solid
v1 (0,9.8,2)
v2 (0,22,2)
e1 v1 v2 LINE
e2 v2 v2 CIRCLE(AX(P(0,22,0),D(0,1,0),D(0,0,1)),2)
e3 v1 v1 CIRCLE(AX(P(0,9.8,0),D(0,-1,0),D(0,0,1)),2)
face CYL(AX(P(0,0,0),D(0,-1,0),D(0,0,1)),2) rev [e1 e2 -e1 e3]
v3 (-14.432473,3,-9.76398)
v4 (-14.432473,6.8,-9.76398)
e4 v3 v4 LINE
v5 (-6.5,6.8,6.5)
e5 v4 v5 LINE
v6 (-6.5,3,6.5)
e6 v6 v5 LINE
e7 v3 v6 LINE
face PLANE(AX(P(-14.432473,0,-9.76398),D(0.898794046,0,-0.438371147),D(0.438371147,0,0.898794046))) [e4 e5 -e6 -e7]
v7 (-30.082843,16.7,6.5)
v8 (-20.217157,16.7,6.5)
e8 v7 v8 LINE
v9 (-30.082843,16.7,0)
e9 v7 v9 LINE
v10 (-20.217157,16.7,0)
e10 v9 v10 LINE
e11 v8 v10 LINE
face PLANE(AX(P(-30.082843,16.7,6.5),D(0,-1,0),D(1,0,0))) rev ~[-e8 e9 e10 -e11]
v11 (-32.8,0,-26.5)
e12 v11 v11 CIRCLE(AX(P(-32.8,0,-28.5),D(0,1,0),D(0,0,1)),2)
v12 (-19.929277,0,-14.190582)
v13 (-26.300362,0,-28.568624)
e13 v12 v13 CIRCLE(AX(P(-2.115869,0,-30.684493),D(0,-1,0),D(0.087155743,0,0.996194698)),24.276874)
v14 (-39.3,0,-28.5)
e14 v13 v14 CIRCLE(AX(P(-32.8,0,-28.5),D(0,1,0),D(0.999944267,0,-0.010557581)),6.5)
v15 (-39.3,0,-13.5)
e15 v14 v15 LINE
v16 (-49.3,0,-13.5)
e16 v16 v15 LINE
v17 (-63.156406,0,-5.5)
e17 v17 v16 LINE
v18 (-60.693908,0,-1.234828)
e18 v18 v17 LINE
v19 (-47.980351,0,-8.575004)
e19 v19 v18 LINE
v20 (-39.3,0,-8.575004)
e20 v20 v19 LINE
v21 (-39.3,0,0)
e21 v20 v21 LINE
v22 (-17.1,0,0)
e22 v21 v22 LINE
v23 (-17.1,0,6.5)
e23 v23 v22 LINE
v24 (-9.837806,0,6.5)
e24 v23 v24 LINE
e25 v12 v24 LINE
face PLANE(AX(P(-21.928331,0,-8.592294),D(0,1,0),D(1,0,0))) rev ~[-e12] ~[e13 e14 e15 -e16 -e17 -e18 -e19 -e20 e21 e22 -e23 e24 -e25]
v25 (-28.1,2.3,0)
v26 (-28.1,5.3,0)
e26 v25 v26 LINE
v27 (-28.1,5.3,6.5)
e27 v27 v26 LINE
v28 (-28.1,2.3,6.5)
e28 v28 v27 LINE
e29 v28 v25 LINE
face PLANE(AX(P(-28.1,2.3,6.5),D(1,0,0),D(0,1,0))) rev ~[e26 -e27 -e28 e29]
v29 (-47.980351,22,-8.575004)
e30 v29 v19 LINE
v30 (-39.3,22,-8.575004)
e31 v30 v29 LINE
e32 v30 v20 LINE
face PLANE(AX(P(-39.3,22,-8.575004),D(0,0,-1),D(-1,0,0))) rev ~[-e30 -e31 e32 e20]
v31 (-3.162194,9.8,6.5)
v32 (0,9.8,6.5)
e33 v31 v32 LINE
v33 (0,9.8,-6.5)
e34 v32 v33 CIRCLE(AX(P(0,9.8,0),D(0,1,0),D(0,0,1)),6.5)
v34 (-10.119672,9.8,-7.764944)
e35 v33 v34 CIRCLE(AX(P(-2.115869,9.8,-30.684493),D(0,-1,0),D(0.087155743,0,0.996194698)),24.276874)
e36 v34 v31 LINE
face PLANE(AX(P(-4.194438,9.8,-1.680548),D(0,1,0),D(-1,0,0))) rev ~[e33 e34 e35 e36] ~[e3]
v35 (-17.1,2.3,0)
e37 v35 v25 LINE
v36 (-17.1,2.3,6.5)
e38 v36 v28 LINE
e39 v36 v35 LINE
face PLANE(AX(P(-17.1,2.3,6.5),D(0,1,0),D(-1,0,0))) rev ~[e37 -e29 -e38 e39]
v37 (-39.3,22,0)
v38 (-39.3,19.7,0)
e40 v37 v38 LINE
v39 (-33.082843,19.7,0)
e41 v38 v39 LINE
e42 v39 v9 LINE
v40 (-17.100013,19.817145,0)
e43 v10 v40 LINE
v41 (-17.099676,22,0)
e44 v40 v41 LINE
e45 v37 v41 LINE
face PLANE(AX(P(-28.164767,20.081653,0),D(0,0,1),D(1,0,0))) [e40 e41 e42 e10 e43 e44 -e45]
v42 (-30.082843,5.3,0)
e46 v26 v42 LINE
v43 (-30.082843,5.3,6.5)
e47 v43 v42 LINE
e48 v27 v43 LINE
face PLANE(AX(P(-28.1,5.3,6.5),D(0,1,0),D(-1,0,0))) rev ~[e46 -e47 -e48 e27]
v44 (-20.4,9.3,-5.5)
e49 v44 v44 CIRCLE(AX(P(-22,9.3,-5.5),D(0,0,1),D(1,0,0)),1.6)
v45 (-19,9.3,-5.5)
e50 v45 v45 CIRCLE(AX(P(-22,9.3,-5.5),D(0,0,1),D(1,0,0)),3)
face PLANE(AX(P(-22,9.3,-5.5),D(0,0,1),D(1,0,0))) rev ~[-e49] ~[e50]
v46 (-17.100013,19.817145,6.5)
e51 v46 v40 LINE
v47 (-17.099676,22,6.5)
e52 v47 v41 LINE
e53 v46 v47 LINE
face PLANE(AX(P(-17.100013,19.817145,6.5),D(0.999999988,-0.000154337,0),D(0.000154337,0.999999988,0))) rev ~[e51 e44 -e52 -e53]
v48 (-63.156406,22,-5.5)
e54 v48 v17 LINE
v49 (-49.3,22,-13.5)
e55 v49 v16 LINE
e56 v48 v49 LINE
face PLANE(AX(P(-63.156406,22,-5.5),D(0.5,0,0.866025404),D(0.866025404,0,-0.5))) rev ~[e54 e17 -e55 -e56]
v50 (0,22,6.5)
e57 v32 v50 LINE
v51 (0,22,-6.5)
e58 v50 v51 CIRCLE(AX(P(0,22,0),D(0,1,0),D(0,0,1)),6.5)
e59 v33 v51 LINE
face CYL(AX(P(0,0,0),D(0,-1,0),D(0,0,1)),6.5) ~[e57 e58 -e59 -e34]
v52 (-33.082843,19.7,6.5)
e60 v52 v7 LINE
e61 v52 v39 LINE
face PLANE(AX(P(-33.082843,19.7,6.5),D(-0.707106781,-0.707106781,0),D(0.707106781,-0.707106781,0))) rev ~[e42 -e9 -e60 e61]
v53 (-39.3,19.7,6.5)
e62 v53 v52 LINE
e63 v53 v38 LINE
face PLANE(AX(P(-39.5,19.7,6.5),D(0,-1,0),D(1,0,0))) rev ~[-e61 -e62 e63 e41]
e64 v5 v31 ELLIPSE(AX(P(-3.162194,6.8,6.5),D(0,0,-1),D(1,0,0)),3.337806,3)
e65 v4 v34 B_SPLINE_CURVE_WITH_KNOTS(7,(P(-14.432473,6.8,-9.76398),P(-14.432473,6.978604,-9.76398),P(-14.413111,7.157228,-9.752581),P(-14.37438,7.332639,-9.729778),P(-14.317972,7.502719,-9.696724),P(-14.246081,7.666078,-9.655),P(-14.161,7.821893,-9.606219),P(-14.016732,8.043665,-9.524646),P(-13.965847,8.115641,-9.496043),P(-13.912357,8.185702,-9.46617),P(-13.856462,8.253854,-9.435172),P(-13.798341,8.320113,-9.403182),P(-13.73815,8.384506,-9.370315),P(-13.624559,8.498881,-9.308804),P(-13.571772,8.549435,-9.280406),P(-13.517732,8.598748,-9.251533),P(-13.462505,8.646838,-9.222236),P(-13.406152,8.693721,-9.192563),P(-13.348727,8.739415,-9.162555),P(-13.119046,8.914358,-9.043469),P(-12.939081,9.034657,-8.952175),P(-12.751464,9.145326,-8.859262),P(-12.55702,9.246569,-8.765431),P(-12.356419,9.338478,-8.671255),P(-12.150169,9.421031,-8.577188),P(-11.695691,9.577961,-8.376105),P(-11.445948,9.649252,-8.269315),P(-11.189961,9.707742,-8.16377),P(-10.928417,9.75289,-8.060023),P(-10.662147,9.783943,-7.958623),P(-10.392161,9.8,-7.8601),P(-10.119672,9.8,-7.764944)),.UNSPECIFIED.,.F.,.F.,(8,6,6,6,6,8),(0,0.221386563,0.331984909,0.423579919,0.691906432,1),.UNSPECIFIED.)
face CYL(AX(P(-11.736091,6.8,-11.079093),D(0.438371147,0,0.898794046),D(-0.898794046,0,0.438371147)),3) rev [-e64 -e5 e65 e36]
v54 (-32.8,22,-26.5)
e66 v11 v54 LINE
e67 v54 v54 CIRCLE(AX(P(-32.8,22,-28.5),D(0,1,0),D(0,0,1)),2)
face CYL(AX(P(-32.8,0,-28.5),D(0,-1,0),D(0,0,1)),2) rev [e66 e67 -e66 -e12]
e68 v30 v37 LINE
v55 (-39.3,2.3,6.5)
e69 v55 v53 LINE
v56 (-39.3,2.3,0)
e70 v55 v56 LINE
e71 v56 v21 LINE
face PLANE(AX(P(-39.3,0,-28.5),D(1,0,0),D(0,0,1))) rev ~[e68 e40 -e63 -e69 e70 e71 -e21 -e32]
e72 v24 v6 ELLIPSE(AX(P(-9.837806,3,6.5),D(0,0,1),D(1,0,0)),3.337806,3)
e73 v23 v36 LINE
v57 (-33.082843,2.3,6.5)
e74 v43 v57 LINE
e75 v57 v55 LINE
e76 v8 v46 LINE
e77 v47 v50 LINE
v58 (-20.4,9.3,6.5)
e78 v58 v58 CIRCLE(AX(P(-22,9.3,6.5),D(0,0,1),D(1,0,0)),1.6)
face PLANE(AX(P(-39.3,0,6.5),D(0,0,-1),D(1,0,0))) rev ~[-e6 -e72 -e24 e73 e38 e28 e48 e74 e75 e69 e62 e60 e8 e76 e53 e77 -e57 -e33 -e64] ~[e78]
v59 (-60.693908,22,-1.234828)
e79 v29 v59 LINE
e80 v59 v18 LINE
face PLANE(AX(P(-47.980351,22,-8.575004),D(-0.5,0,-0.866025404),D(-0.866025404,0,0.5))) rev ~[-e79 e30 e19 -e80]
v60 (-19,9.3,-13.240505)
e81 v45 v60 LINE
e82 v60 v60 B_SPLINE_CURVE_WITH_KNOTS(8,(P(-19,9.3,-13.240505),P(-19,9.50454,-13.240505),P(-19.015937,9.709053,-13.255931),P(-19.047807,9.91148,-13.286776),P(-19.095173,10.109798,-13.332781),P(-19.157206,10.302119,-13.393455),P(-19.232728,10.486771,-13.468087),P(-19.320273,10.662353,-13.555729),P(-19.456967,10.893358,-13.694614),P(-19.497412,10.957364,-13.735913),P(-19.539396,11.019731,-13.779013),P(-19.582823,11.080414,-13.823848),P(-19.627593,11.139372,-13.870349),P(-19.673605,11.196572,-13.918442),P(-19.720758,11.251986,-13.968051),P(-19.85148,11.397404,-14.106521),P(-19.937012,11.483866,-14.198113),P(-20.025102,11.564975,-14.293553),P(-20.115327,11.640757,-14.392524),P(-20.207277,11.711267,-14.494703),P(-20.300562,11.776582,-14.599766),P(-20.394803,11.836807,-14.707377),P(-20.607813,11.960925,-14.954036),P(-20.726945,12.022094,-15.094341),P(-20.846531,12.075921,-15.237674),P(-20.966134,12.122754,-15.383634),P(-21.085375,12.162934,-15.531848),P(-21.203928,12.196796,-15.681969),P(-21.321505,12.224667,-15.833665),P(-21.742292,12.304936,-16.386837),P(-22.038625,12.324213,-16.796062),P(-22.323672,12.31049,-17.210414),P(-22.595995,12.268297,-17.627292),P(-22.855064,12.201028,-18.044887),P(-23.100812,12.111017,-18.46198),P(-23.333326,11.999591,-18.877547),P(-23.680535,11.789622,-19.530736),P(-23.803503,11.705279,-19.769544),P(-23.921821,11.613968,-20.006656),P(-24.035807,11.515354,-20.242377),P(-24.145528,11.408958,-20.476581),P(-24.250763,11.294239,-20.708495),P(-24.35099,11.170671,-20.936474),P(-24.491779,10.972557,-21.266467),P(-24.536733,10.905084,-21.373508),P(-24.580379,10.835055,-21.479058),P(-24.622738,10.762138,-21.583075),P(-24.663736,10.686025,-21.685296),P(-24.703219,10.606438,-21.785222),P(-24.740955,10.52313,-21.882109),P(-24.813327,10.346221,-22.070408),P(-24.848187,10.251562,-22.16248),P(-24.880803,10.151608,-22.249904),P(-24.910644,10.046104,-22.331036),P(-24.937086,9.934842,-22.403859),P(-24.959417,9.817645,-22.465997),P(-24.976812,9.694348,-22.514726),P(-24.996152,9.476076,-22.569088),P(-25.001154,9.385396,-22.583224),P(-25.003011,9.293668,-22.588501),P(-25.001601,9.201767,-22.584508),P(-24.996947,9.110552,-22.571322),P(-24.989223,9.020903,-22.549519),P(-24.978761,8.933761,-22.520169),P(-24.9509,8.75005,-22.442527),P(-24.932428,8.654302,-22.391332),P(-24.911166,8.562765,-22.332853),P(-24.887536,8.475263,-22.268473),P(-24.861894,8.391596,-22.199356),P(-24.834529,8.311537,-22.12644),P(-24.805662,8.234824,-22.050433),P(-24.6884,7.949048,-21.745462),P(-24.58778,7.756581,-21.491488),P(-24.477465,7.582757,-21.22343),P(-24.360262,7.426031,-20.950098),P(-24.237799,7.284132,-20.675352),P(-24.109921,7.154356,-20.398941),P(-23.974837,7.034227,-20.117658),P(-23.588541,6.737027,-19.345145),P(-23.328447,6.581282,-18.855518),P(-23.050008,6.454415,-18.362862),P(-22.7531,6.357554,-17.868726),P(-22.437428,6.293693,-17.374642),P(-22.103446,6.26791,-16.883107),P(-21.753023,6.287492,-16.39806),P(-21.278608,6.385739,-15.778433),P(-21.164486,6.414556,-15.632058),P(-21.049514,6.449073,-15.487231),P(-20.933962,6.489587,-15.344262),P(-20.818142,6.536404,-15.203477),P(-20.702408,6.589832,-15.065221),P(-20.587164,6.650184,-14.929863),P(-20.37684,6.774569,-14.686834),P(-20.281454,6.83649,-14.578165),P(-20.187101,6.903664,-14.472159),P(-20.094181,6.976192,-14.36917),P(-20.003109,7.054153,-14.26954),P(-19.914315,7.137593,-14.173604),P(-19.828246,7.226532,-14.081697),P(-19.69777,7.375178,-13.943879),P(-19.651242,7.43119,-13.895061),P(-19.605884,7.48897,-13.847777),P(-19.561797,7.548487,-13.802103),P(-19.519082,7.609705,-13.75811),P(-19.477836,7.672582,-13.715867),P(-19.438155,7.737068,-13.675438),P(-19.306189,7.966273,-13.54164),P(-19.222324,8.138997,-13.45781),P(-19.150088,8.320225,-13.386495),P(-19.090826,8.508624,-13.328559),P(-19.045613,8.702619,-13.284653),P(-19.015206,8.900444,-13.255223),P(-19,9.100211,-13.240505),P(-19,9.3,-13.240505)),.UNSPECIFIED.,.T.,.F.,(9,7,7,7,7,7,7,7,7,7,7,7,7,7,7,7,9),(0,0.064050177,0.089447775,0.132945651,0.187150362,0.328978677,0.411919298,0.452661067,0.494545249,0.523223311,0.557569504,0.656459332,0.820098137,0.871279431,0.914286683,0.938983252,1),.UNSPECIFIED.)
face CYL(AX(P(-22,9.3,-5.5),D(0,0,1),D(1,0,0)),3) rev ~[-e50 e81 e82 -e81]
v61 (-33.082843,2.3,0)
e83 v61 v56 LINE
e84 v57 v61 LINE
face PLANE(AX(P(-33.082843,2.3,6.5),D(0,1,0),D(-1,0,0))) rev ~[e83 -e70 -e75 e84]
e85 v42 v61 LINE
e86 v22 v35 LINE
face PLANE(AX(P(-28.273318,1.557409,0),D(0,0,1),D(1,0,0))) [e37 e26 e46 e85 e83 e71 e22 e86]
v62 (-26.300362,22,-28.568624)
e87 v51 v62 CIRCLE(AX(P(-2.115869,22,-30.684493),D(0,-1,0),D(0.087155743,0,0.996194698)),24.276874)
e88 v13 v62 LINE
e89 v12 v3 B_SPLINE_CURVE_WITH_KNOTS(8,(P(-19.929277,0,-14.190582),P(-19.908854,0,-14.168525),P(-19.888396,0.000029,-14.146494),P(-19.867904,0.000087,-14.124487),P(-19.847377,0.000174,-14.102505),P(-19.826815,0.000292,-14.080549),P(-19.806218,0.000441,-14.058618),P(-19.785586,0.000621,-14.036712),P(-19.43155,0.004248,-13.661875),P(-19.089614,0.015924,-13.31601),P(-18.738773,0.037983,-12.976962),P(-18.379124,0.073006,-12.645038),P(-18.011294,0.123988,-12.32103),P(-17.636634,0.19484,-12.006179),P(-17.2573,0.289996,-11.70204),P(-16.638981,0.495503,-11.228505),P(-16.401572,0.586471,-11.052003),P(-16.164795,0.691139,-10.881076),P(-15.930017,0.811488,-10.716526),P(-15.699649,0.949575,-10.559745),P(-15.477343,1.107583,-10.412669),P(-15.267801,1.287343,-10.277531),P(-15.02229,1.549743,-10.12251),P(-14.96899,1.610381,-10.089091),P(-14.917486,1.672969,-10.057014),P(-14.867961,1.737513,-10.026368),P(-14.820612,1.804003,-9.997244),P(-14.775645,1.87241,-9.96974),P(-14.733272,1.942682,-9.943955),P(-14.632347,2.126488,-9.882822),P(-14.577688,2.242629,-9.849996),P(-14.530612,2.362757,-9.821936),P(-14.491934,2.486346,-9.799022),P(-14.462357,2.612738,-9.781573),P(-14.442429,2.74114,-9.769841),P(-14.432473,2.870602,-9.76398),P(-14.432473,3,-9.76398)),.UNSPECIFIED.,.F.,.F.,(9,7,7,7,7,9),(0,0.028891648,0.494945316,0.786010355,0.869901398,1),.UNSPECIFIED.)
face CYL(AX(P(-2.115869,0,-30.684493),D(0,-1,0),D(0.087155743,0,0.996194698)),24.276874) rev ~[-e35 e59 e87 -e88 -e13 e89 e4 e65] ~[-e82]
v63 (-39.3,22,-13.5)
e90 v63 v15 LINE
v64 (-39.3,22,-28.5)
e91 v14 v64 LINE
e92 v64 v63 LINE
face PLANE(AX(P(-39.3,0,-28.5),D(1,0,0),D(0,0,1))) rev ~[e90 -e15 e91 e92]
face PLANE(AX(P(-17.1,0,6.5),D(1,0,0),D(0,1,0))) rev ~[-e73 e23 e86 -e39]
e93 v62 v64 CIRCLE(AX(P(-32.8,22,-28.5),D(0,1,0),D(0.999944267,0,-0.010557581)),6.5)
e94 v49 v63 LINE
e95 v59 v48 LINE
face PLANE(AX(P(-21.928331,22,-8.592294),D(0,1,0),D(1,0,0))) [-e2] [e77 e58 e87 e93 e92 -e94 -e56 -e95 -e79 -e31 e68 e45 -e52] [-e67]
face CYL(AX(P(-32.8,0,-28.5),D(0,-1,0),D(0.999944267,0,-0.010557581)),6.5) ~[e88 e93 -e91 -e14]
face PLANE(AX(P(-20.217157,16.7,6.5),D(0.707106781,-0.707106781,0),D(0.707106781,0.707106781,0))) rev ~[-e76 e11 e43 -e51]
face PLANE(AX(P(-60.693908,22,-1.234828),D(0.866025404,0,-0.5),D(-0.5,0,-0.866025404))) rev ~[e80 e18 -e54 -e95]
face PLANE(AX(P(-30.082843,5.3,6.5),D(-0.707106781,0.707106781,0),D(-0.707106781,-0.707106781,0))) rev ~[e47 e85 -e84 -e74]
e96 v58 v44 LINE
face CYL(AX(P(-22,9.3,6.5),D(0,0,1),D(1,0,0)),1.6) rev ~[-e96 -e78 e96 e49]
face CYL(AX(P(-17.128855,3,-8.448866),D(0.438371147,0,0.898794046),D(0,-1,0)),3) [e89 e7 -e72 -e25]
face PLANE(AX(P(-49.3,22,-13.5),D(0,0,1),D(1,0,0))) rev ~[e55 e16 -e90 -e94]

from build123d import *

# Parameters (mm, degrees)
SKETCH1_R           = 2
BOSS_EXTRUDE1_DEPTH = 22
CUT_EXTRUDE1_DEPTH  = 6.5
CUT_EXTRUDE3_DEPTH  = 9.8
FILLET2_R           = 3
SKETCH7_R           = 1.6
CUT_EXTRUDE4_DEPTH  = 62.243285382
SKETCH8_R           = 3
CUT_EXTRUDE5_DEPTH  = 54.839948035
BOSS_EXTRUDE3_DEPTH = 22


with BuildPart() as part:
    # Sketch1 → Boss-Extrude1 (new body)
    with BuildSketch(Plane(origin=(0, 0, 0), x_dir=(1, 0, 0), z_dir=(0, 1, 0))):
        with BuildLine():
            Line((-39.3, 28.5), (-39.3, -6.5))
            Line((-39.3, -6.5), (0, -6.5))
            ThreePointArc((0, -6.5), (6.5, 0), (0, 6.5))
            ThreePointArc((0, 6.5), (-17.72074287, 12.087328765), (-26.300362263, 28.568624275))
            ThreePointArc((-26.300362263, 28.568624275), (-32.834312616, 34.999909434), (-39.3, 28.5))
        make_face()
        with Locations(Location((0, 0, 0), (0, 0, 270))):
            Circle(SKETCH1_R, mode=Mode.SUBTRACT)
        with Locations(Location((-32.8, 28.5, 0), (0, 0, 270))):
            Circle(SKETCH1_R, mode=Mode.SUBTRACT)
    extrude(amount=BOSS_EXTRUDE1_DEPTH)

    # Sketch2 → Cut-Extrude1 (cut)
    with BuildSketch(Plane.XY.offset(6.5)):
        Polygon((-17.1, 2.3), (-28.1, 2.3), (-28.1, 5.3), (-30.082842712, 5.3), (-33.082842712, 2.3), (-39.3, 2.3), (-39.3, 0), (-17.1, 0), align=None)
        Polygon((-39.5, 19.7), (-33.082842712, 19.7), (-30.082842712, 16.7), (-20.217157288, 16.7), (-17.100012785, 19.817144502), (-17.099645022, 22.2), (-39.5, 22.2), align=None)
    extrude(amount=-CUT_EXTRUDE1_DEPTH, mode=Mode.SUBTRACT)

    # Sketch6 → Cut-Extrude3 (cut)
    with BuildSketch(Plane.XZ):
        with BuildLine():
            Line((-6.5, 6.5), (0, 6.5))
            ThreePointArc((0, 6.5), (6.5, 0), (0, -6.5))
            ThreePointArc((0, -6.5), (-7.470973074, -7.005610766), (-14.432472984, -9.763979833))
            Line((-14.432472984, -9.763979833), (-6.5, 6.5))
        make_face()
    extrude(amount=-CUT_EXTRUDE3_DEPTH, mode=Mode.SUBTRACT)

    # Fillet2
    fillet2_edges = [part.edges().sort_by_distance(p)[0] for p in [
        (-10.466236492, 9.8, -1.631989916),
        (-10.466236492, 0, -1.631989916),
    ]]
    fillet(fillet2_edges, radius=FILLET2_R)

    # Sketch7 → Cut-Extrude4 (cut, through all)
    with BuildSketch(Plane.XY.offset(6.5)):
        with Locations((-22, 9.3)):
            Circle(SKETCH7_R)
    extrude(amount=-CUT_EXTRUDE4_DEPTH, mode=Mode.SUBTRACT)

    # Sketch8 → Cut-Extrude5 (cut, through all)
    with BuildSketch(Plane.XY.offset(-5.5)):
        with Locations((-22, 9.3)):
            Circle(SKETCH8_R)
    extrude(amount=-CUT_EXTRUDE5_DEPTH, mode=Mode.SUBTRACT)

    # Sketch9 → Boss-Extrude3 (add)
    with BuildSketch(Plane(origin=(0, 22, 0), x_dir=(1, 0, 0), z_dir=(0, 1, 0))):
        Polygon((-39.3, 8.575003739), (-47.980351229, 8.575003739), (-60.69390833, 1.234828124), (-63.156406461, 5.5), (-49.3, 13.5), (-39.3, 13.5), align=None)
    extrude(amount=-BOSS_EXTRUDE3_DEPTH)


solid = part.part
